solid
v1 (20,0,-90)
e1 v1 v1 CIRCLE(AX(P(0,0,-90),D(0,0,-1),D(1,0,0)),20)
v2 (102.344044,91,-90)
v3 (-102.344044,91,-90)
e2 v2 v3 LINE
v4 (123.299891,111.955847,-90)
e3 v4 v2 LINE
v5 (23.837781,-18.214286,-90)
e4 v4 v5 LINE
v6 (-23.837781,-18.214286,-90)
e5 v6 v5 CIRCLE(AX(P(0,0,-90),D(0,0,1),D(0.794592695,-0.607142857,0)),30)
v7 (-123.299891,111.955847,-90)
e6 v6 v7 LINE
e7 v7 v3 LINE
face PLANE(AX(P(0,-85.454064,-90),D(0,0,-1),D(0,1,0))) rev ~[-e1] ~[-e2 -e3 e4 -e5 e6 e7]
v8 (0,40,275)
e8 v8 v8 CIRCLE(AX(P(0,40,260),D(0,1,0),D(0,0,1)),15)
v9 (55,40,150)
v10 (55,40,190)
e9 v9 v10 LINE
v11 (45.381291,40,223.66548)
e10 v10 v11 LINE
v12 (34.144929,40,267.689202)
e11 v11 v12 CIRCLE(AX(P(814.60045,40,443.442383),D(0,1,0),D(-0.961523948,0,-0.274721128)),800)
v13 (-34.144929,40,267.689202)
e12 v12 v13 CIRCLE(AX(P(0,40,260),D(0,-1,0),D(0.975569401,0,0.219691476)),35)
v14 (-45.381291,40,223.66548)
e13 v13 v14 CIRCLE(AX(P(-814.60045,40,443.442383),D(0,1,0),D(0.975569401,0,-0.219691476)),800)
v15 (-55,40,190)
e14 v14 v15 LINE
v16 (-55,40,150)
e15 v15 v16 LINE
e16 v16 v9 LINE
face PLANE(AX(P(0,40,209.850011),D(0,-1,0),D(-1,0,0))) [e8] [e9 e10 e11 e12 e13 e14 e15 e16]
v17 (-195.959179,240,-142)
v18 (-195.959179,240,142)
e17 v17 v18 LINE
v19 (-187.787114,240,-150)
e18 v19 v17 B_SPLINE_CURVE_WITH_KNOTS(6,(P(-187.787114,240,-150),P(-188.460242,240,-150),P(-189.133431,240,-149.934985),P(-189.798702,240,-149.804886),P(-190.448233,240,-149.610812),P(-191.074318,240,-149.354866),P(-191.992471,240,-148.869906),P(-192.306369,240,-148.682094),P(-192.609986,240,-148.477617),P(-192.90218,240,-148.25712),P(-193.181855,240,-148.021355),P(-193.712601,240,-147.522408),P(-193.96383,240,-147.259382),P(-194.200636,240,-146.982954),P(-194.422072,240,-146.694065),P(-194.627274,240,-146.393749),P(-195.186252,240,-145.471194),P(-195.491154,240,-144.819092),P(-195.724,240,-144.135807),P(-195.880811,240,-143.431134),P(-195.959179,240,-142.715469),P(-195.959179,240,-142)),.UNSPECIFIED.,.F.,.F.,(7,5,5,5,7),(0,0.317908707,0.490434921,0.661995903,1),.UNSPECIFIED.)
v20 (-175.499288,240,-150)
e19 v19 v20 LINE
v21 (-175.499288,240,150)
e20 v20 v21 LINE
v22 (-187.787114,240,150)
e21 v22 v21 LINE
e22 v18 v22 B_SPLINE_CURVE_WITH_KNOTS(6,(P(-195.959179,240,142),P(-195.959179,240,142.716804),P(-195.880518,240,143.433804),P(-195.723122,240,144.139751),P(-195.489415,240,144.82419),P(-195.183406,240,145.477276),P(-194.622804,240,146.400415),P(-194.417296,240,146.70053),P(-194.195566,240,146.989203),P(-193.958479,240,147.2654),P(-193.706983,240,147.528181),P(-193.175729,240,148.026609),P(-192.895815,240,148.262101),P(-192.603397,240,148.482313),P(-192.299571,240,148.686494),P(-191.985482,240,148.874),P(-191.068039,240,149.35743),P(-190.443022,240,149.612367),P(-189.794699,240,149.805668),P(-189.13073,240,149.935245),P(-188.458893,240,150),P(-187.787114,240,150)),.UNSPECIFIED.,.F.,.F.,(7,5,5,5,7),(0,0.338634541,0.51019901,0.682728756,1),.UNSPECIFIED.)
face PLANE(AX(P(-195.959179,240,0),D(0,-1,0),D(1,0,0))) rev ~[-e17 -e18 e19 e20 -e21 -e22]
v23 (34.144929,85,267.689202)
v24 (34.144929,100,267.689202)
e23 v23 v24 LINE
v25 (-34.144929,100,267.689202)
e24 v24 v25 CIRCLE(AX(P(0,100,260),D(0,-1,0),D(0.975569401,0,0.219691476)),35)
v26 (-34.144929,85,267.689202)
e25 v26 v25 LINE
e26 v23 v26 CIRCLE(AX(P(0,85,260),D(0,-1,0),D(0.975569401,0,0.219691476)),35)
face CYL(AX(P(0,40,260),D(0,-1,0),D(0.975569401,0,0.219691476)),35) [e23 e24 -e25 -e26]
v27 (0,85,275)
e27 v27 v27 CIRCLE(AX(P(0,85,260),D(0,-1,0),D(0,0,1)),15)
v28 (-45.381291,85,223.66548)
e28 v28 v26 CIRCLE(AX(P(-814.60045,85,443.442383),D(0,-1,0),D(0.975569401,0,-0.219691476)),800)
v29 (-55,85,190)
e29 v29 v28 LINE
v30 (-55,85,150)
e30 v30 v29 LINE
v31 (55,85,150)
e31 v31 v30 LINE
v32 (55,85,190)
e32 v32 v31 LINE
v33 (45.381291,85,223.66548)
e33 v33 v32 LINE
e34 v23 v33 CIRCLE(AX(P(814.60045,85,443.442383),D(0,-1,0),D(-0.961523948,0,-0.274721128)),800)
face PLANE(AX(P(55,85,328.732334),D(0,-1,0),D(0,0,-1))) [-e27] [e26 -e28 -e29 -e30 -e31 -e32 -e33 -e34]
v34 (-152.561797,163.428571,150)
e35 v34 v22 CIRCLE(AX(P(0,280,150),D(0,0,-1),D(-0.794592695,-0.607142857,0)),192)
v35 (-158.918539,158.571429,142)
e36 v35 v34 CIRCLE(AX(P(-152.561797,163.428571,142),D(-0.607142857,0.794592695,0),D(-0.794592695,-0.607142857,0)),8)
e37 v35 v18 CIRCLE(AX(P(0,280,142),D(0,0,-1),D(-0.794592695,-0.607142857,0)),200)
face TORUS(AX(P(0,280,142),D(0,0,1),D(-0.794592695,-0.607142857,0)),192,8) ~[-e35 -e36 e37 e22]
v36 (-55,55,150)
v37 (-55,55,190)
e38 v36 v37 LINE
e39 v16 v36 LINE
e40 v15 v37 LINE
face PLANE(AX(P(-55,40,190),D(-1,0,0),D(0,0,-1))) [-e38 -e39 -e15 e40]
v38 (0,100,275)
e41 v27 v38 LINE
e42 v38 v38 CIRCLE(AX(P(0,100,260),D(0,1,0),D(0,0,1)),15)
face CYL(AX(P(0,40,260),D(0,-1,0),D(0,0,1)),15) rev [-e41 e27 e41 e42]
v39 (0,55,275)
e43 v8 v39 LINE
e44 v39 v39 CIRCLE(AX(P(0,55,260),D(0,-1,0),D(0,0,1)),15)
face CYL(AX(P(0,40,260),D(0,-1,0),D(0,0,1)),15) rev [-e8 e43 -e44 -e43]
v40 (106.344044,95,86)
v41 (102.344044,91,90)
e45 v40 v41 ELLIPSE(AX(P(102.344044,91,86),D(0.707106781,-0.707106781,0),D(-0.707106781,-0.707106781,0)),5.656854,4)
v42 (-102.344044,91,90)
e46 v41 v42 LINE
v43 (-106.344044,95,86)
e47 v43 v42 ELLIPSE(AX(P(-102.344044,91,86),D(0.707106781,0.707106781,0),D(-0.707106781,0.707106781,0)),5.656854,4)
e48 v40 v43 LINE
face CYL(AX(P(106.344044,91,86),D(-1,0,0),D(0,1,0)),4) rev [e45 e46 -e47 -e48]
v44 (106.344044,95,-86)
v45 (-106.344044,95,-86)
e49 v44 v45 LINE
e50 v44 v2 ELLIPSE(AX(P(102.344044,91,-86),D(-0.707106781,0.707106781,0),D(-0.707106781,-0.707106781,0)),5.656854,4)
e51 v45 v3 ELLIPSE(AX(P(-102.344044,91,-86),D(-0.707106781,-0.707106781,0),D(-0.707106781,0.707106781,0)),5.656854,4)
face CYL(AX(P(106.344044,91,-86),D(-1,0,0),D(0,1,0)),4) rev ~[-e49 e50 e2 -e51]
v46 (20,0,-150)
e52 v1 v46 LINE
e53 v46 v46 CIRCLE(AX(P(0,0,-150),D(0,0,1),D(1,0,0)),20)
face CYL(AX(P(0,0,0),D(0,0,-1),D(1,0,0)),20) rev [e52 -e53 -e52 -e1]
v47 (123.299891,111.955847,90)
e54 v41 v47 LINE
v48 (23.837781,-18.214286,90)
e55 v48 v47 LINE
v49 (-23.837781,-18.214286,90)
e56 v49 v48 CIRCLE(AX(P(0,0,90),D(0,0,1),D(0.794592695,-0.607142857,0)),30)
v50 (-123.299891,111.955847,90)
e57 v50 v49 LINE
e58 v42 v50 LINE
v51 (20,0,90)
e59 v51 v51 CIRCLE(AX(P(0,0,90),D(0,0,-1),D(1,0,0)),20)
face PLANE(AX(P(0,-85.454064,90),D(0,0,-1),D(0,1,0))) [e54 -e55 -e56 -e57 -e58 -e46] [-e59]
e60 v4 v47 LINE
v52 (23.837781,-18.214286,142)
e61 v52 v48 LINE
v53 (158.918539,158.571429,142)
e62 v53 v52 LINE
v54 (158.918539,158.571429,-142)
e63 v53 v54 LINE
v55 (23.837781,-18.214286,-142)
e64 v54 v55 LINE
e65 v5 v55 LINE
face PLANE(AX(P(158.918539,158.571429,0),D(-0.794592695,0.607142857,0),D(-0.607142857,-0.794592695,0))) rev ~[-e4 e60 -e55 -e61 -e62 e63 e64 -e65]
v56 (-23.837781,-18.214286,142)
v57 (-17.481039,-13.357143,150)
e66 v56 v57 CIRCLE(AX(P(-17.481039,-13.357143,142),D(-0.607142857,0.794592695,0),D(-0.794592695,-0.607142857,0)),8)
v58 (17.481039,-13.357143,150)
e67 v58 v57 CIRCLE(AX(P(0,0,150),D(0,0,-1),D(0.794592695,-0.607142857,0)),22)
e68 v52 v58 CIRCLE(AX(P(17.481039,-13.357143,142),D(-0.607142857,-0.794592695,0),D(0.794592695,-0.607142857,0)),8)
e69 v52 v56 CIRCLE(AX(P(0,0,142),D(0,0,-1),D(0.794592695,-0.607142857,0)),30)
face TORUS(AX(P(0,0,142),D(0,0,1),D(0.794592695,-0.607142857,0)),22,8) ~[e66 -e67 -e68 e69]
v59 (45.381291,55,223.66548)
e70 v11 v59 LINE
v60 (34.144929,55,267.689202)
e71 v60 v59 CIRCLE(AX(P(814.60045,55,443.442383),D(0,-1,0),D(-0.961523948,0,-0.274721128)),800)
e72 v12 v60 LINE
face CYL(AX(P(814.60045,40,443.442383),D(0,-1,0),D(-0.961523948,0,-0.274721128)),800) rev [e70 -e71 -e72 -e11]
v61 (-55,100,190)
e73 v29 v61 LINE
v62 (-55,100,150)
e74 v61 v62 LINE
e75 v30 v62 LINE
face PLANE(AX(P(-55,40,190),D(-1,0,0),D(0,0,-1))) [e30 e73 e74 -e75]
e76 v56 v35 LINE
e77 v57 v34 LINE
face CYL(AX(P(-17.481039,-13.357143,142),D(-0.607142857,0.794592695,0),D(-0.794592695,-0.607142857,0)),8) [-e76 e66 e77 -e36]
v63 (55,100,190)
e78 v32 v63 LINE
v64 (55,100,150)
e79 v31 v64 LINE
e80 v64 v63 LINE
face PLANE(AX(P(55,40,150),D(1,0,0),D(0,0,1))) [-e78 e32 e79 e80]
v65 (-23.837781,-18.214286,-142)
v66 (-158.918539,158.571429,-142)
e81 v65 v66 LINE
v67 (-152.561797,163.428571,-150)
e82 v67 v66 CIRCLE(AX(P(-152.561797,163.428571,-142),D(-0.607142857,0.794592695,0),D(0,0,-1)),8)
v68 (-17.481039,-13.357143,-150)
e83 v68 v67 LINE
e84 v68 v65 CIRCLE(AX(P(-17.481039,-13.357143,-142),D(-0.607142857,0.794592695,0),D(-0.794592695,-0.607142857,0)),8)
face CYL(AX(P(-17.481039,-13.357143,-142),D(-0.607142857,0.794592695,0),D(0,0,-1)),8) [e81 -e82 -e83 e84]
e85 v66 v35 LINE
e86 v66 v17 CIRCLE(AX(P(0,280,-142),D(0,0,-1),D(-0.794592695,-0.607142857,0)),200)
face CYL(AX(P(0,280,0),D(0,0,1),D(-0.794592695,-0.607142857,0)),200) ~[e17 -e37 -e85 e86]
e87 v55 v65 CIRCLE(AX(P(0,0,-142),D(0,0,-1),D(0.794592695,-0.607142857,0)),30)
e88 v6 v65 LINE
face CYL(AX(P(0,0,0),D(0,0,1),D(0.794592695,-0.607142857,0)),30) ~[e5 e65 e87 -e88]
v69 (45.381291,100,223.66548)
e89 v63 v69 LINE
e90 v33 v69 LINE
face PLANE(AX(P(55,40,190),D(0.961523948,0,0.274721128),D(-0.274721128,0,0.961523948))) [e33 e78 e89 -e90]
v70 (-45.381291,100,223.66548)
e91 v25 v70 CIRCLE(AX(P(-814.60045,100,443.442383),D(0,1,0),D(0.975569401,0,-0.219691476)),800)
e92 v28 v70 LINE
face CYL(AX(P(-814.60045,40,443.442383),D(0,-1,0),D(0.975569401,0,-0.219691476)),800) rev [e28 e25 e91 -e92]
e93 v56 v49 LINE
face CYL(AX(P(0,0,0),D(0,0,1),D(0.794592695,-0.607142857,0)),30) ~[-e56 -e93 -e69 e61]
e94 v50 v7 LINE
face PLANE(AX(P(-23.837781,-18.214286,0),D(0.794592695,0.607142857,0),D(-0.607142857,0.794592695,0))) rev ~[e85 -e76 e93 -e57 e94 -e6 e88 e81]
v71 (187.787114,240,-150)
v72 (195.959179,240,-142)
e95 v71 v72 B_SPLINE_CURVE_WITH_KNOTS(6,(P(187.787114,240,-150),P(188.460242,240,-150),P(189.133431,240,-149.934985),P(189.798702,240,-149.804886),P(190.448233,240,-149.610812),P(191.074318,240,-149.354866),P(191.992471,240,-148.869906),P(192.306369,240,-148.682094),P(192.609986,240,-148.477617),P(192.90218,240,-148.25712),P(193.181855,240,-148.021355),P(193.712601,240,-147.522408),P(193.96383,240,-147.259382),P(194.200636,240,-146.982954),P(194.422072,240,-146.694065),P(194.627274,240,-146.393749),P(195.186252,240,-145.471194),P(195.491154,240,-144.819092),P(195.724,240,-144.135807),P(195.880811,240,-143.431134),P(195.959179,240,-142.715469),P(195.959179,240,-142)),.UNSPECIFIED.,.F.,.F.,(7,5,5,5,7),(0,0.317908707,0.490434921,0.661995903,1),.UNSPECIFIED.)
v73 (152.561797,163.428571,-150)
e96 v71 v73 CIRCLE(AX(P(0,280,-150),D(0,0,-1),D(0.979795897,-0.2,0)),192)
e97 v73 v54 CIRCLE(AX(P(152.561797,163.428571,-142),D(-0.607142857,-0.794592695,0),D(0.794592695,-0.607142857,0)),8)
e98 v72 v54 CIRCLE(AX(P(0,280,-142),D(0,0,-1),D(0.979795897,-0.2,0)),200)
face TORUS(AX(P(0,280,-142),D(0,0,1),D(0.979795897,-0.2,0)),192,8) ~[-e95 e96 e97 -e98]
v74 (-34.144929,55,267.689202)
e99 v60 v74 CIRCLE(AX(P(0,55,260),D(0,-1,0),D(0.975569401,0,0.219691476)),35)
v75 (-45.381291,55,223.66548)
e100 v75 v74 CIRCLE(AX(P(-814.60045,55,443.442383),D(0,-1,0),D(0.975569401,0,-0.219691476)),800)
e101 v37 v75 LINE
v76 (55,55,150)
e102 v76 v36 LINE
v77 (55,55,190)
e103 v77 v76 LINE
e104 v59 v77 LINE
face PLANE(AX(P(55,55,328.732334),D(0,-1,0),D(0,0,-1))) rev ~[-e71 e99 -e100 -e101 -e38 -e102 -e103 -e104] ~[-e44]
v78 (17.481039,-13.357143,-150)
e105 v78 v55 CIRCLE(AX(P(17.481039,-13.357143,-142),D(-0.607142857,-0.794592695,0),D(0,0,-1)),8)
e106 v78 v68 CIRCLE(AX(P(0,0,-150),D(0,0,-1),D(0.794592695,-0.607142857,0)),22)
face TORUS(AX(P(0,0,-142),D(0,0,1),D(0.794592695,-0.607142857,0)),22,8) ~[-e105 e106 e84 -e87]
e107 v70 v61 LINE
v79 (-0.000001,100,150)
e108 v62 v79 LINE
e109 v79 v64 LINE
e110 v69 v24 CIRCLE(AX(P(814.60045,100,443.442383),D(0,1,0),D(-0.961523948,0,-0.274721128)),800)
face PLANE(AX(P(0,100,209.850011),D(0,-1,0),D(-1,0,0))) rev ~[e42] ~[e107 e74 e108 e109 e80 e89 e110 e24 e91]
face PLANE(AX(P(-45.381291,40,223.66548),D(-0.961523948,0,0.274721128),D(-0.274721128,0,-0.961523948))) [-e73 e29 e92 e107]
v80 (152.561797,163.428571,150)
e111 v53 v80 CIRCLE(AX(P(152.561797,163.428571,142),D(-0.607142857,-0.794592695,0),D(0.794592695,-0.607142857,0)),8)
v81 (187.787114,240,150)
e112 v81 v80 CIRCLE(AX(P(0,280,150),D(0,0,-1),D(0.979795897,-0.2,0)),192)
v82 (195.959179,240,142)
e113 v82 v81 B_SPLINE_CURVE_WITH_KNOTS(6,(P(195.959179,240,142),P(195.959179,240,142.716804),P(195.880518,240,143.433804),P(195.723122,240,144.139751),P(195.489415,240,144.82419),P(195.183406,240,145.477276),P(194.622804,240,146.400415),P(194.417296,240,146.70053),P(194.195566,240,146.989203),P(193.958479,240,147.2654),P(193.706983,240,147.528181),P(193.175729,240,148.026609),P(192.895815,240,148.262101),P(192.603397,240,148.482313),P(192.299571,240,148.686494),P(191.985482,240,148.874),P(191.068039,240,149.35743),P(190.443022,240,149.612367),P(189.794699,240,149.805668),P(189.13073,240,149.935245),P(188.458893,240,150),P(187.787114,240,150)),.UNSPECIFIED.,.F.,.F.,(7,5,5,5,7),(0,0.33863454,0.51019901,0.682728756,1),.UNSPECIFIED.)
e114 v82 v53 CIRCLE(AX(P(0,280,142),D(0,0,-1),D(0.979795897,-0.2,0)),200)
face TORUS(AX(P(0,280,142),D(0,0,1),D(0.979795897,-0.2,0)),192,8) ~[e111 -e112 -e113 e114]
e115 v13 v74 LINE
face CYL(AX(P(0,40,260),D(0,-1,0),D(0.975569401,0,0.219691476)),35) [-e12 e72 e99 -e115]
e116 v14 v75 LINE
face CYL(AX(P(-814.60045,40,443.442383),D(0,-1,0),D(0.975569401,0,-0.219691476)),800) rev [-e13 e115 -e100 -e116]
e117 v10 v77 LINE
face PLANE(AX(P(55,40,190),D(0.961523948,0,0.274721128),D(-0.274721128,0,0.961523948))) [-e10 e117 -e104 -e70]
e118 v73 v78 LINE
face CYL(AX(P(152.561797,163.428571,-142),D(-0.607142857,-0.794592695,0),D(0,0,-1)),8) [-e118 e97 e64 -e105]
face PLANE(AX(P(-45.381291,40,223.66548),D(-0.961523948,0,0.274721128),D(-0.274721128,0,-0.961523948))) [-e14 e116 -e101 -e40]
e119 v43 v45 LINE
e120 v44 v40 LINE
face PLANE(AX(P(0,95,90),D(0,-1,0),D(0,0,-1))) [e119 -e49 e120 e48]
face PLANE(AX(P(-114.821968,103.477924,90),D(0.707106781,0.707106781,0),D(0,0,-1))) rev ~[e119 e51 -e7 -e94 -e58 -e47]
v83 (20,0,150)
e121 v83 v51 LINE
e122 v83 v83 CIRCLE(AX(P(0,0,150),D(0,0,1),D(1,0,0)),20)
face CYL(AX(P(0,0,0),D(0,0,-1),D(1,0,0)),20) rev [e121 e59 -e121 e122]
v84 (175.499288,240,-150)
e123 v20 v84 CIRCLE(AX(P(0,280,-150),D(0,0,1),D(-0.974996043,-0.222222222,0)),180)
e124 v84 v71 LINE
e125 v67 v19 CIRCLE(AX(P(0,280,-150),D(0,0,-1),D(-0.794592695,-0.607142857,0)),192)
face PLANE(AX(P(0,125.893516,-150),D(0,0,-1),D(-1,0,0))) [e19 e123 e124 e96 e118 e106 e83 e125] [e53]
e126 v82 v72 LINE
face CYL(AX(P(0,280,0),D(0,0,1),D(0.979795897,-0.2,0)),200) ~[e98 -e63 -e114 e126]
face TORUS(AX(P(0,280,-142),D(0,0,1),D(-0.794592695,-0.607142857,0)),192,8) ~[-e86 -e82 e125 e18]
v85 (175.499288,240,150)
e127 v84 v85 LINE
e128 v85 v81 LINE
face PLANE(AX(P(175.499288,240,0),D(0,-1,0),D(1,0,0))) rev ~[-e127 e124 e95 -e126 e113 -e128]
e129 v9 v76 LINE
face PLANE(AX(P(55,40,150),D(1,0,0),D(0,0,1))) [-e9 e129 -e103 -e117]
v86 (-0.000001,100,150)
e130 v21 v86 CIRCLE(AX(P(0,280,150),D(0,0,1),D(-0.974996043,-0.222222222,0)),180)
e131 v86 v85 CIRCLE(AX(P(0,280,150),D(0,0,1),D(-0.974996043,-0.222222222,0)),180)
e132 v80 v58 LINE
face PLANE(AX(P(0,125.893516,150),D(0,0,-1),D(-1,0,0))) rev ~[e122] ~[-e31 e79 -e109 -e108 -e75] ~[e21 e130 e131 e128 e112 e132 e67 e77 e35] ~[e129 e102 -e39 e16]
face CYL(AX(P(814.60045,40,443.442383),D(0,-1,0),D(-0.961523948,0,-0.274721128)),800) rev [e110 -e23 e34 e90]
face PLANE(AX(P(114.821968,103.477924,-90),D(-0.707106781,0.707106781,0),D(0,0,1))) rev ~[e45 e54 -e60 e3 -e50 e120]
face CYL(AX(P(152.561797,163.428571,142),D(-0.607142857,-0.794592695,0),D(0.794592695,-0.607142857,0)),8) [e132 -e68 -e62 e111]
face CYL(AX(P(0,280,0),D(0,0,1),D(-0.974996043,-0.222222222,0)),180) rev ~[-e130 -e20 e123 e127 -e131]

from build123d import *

# Parameters (mm, degrees)
SKETCH1_R             = 20
BOSS_EXTRUDE1_DEPTH   = 150
BOSS_EXTRUDE2_START   = 40
SKETCH2_R             = 15
BOSS_EXTRUDE2_DEPTH   = 60
SKETCH3_W             = 178.732333714
SKETCH3_H             = 30
CUT_EXTRUDE1_DEPTH    = 150
SKETCH4_W             = 180
SKETCH4_H             = 180.454063709
CUT_EXTRUDE2_DEPTH    = 170
CHAMFER1_SIZE         = 4
CHAMFER1_SIZE2        = 21.339042193
CHAMFER1_EDGE_2_SIZE  = 4
CHAMFER1_EDGE_2_SIZE2 = 21.339042193
FILLET1_R             = 4
FILLET2_R             = 8


with BuildPart() as part:
    # Sketch1 → Boss-Extrude1 (new, symmetric)
    with BuildSketch(Plane.XY):
        with BuildLine():
            Line((175.499287748, 240), (195.959179423, 240))
            ThreePointArc((195.959179423, 240), (182.049998135, 197.188176092), (158.918539009, 158.571428571))
            Line((158.918539009, 158.571428571), (23.837780851, -18.214285714))
            ThreePointArc((23.837780851, -18.214285714), (0, -30), (-23.837780851, -18.214285714))
            Line((-23.837780851, -18.214285714), (-158.918539009, 158.571428571))
            ThreePointArc((-158.918539009, 158.571428571), (-182.049998135, 197.188176092), (-195.959179423, 240))
            Line((-195.959179423, 240), (-175.499287748, 240))
            ThreePointArc((-175.499287748, 240), (0, 100), (175.499287748, 240))
        make_face()
        Circle(SKETCH1_R, mode=Mode.SUBTRACT)
    extrude(amount=BOSS_EXTRUDE1_DEPTH, both=True)

    # Sketch2 → Boss-Extrude2 (add)
    with BuildSketch(Plane(origin=(0, 0, 0), x_dir=(1, 0, 0), z_dir=(0, 1, 0)).offset(BOSS_EXTRUDE2_START)):
        with BuildLine():
            Line((0, -150), (55, -150))
            Line((55, -150), (55, -190))
            Line((55, -190), (45.381291361, -223.665480236))
            ThreePointArc((45.381291361, -223.665480236), (39.450512778, -245.597555378), (34.14492902, -267.689201664))
            ThreePointArc((34.14492902, -267.689201664), (0, -295), (-34.14492902, -267.689201664))
            ThreePointArc((-34.14492902, -267.689201664), (-39.450512778, -245.597555378), (-45.381291361, -223.665480236))
            Line((-45.381291361, -223.665480236), (-55, -190))
            Line((-55, -190), (-55, -150))
            Line((-55, -150), (0, -150))
        make_face()
        with Locations(Location((0, -260, 0), (0, 0, 270))):
            Circle(SKETCH2_R, mode=Mode.SUBTRACT)
    extrude(amount=BOSS_EXTRUDE2_DEPTH)

    # Sketch3 → Cut-Extrude1 (cut)
    with BuildSketch(Plane(origin=(55, 0, 0), x_dir=(0, 0, -1), z_dir=(1, 0, 0))):
        with Locations((-239.366166857, 70)):
            Rectangle(SKETCH3_W, SKETCH3_H)
    extrude(amount=-CUT_EXTRUDE1_DEPTH, mode=Mode.SUBTRACT)

    # Sketch4 → Cut-Extrude2 (cut, symmetric)
    with BuildSketch(Plane(origin=(0, 0, 0), x_dir=(0, 0, -1), z_dir=(1, 0, 0))):
        with Locations((0, 4.772968145)):
            Rectangle(SKETCH4_W, SKETCH4_H)
    extrude(amount=CUT_EXTRUDE2_DEPTH, both=True, mode=Mode.SUBTRACT)

    # Chamfer1
    chamfer1_edges = [part.edges().sort_by_distance(p)[0] for p in [
        (-110.344044156, 95, 0),
    ]]
    chamfer1_side = [part.faces().sort_by_distance(p)[0] for p in [
        (0, 95, 0),
    ]]
    chamfer(chamfer1_edges, length=CHAMFER1_SIZE, length2=CHAMFER1_SIZE2, reference=chamfer1_side[0])

    # Chamfer1 edge 2
    chamfer1_edge_2_edges = [part.edges().sort_by_distance(p)[0] for p in [
        (110.344044156, 95, 0),
    ]]
    chamfer1_edge_2_side = [part.faces().sort_by_distance(p)[0] for p in [
        (0, 95, 0),
    ]]
    chamfer(chamfer1_edge_2_edges, length=CHAMFER1_EDGE_2_SIZE, length2=CHAMFER1_EDGE_2_SIZE2, reference=chamfer1_edge_2_side[0])

    # Fillet1
    fillet1_edges = [part.edges().sort_by_distance(p)[0] for p in [
        (0, 95, 90),
        (0, 95, -90),
    ]]
    fillet(fillet1_edges, radius=FILLET1_R)

    # Fillet2
    fillet2_edges = [part.edges().sort_by_distance(p)[0] for p in [
        (182.049998135, 197.188176092, -150),
        (91.37815993, 70.178571429, -150),
        (0, -30, -150),
        (182.049998135, 197.188176092, 150),
        (-182.049998135, 197.188176092, 150),
        (-91.37815993, 70.178571429, 150),
        (0, -30, 150),
        (-91.37815993, 70.178571429, -150),
        (91.37815993, 70.178571429, 150),
        (-182.049998135, 197.188176092, -150),
    ]]
    fillet(fillet2_edges, radius=FILLET2_R)


solid = part.part
